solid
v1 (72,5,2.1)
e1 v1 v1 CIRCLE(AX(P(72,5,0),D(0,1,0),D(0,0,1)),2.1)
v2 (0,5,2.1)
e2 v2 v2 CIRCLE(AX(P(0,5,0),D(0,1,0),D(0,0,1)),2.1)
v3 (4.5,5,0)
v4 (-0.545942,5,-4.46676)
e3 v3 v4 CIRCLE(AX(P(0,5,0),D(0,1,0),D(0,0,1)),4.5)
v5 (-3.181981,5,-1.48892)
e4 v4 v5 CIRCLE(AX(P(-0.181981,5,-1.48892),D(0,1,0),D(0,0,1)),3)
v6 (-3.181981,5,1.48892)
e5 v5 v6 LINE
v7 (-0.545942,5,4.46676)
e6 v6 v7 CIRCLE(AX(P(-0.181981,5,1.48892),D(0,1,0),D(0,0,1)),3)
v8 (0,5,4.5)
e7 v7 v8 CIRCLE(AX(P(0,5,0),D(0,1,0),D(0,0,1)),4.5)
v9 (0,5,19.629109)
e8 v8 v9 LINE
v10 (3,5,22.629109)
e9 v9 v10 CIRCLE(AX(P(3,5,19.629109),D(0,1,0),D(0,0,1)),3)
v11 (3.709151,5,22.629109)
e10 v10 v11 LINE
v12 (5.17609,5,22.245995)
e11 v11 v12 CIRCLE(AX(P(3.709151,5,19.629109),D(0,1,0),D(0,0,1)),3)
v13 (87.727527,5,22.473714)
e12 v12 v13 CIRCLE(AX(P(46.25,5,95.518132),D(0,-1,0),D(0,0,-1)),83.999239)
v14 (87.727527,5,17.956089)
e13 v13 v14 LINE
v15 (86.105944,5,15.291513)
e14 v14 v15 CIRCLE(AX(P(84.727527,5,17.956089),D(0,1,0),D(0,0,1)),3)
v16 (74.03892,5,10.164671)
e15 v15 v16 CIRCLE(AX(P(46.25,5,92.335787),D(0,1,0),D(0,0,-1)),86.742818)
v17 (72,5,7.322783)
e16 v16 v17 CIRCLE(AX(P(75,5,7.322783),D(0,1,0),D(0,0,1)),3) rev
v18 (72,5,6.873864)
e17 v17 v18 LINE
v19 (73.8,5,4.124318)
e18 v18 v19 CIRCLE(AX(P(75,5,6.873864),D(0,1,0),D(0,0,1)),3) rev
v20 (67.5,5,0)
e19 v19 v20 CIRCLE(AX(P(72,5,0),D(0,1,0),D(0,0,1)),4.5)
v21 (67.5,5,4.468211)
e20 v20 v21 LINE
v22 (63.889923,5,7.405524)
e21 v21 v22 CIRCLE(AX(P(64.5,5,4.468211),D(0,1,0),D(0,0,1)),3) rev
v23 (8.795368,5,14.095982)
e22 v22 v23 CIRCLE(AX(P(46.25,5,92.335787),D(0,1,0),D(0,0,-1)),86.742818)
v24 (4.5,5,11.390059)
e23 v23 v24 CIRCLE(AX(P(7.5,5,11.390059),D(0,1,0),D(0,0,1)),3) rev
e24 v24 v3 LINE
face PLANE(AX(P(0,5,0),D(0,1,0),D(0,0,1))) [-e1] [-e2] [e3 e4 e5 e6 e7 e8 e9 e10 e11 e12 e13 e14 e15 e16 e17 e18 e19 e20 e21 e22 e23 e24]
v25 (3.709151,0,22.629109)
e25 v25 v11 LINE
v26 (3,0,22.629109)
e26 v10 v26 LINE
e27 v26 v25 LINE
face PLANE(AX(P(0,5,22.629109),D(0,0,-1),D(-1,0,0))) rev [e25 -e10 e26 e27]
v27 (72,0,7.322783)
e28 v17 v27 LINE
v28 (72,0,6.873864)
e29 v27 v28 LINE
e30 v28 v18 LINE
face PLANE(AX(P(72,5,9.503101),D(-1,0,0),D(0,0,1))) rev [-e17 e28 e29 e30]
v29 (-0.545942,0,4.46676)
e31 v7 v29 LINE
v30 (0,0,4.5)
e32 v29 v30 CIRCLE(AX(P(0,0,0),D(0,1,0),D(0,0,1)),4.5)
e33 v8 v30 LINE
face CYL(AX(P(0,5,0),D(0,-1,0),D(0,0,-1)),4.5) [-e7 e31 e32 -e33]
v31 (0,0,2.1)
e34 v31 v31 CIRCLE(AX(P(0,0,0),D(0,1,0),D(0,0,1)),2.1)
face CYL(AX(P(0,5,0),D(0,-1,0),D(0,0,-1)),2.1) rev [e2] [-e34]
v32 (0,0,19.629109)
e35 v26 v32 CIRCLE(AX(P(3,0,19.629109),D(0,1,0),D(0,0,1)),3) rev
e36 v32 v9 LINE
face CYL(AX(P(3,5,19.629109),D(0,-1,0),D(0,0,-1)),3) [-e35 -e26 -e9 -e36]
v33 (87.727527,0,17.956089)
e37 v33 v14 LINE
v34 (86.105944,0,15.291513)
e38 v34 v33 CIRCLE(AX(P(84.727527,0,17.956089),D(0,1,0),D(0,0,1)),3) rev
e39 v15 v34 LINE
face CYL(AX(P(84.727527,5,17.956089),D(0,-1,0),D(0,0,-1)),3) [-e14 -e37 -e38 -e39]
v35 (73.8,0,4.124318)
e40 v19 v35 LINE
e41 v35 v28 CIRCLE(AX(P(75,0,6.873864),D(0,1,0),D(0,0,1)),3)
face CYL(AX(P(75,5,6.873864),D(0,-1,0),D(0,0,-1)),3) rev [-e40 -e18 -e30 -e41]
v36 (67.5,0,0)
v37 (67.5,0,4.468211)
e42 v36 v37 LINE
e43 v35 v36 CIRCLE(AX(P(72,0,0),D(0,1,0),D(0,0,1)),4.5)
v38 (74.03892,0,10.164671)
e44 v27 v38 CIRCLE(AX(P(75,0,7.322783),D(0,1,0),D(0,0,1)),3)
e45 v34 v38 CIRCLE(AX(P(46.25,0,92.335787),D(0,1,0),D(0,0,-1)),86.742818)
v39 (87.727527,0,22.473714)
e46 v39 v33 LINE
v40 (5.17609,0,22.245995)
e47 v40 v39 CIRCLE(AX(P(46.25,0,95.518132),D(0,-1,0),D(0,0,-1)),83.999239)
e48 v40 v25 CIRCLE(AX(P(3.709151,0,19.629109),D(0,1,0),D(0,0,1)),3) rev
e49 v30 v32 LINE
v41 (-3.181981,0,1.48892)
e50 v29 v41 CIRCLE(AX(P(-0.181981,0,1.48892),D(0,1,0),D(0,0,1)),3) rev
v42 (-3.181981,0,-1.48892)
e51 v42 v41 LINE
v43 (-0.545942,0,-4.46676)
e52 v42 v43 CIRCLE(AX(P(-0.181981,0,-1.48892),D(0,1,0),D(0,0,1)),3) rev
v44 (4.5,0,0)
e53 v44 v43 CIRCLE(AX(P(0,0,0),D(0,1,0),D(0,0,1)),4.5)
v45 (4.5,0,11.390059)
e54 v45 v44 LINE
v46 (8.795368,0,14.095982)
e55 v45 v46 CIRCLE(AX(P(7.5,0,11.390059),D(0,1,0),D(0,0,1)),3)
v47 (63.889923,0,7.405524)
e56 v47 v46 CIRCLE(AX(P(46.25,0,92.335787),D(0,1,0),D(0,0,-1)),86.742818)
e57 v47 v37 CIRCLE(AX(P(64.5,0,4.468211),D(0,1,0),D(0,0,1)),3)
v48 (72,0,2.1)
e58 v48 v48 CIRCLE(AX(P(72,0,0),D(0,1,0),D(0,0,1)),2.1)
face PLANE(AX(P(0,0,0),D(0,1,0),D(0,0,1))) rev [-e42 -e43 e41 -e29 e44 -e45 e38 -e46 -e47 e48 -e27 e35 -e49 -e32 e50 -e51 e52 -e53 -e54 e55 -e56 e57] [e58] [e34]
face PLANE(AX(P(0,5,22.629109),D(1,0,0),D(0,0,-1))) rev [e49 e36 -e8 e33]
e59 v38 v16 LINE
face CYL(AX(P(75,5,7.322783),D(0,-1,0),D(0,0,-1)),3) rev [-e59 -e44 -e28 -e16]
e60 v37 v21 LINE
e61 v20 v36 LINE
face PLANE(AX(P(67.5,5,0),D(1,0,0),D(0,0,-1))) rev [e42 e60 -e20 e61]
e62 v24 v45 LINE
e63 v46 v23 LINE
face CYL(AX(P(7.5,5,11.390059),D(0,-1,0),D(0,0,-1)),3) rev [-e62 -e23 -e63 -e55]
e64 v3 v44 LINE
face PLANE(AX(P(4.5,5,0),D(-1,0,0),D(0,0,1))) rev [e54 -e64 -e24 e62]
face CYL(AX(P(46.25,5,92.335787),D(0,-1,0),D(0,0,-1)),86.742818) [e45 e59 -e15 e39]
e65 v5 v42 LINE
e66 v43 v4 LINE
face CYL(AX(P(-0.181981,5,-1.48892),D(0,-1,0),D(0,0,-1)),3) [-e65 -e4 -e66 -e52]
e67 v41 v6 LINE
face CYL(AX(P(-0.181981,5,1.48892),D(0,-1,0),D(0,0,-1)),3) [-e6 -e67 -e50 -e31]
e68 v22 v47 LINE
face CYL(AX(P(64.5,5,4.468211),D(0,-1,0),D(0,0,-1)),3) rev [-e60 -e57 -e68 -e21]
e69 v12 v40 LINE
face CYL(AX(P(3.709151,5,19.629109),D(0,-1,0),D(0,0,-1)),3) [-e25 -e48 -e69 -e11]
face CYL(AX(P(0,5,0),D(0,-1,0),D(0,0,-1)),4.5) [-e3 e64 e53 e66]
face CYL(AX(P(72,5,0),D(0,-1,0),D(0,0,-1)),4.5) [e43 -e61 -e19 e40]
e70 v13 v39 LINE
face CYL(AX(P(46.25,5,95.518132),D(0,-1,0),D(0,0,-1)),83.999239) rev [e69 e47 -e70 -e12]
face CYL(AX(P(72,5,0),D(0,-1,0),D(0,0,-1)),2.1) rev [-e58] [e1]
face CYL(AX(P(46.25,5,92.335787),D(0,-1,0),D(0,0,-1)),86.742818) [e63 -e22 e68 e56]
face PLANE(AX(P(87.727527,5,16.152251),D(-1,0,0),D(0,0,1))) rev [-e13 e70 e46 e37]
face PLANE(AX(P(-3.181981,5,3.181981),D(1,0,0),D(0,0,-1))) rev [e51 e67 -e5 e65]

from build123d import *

# Parameters (mm, degrees)
SKETCH1_R           = 2.1
BOSS_EXTRUDE1_DEPTH = 5
FILLET1_R           = 3


with BuildPart() as part:
    # Sketch1 → Boss-Extrude1 (new body)
    with BuildSketch(Plane(origin=(0, 0, 0), x_dir=(1, 0, 0), z_dir=(0, 1, 0))):
        with BuildLine():
            Line((72, -9.503100502), (72, -4.5))
            ThreePointArc((72, -4.5), (75.181980515, 3.181980515), (67.5, 0))
            Line((67.5, 0), (67.5, -8.236120217))
            ThreePointArc((67.5, -8.236120217), (35.23528273, -6.295142783), (4.5, -16.301229399))
            Line((4.5, -16.301229399), (4.5, 0))
            ThreePointArc((4.5, 0), (1.722075446, 4.157457896), (-3.181980515, 3.181980515))
            Line((-3.181980515, 3.181980515), (-3.181980515, -3.181980515))
            ThreePointArc((-3.181980515, -3.181980515), (-1.722075446, -4.157457896), (0, -4.5))
            Line((0, -4.5), (0, -22.629109119))
            Line((0, -22.629109119), (4.5, -22.629109119))
            ThreePointArc((4.5, -22.629109119), (46.093164739, -11.519039327), (87.727526709, -22.473714454))
            Line((87.727526709, -22.473714454), (87.727526709, -16.152250539))
            ThreePointArc((87.727526709, -16.152250539), (80.027772069, -12.439738504), (72, -9.503100502))
        make_face()
        with Locations(Location((0, 0, 0), (0, 0, 270))):
            Circle(SKETCH1_R, mode=Mode.SUBTRACT)
        with Locations(Location((72, 0, 0), (0, 0, 270))):
            Circle(SKETCH1_R, mode=Mode.SUBTRACT)
    extrude(amount=BOSS_EXTRUDE1_DEPTH)

    # Fillet1
    fillet1_edges = [part.edges().sort_by_distance(p)[0] for p in [
        (-3.181980515, 2.5, 3.181980515),
        (-3.181980515, 2.5, -3.181980515),
        (4.5, 2.5, 16.301229399),
        (67.5, 2.5, 8.236120217),
        (72, 2.5, 4.5),
        (72, 2.5, 9.503100502),
        (87.727526709, 2.5, 16.152250539),
        (4.5, 2.5, 22.629109119),
        (0, 2.5, 22.629109119),
    ]]
    fillet(fillet1_edges, radius=FILLET1_R)


solid = part.part
